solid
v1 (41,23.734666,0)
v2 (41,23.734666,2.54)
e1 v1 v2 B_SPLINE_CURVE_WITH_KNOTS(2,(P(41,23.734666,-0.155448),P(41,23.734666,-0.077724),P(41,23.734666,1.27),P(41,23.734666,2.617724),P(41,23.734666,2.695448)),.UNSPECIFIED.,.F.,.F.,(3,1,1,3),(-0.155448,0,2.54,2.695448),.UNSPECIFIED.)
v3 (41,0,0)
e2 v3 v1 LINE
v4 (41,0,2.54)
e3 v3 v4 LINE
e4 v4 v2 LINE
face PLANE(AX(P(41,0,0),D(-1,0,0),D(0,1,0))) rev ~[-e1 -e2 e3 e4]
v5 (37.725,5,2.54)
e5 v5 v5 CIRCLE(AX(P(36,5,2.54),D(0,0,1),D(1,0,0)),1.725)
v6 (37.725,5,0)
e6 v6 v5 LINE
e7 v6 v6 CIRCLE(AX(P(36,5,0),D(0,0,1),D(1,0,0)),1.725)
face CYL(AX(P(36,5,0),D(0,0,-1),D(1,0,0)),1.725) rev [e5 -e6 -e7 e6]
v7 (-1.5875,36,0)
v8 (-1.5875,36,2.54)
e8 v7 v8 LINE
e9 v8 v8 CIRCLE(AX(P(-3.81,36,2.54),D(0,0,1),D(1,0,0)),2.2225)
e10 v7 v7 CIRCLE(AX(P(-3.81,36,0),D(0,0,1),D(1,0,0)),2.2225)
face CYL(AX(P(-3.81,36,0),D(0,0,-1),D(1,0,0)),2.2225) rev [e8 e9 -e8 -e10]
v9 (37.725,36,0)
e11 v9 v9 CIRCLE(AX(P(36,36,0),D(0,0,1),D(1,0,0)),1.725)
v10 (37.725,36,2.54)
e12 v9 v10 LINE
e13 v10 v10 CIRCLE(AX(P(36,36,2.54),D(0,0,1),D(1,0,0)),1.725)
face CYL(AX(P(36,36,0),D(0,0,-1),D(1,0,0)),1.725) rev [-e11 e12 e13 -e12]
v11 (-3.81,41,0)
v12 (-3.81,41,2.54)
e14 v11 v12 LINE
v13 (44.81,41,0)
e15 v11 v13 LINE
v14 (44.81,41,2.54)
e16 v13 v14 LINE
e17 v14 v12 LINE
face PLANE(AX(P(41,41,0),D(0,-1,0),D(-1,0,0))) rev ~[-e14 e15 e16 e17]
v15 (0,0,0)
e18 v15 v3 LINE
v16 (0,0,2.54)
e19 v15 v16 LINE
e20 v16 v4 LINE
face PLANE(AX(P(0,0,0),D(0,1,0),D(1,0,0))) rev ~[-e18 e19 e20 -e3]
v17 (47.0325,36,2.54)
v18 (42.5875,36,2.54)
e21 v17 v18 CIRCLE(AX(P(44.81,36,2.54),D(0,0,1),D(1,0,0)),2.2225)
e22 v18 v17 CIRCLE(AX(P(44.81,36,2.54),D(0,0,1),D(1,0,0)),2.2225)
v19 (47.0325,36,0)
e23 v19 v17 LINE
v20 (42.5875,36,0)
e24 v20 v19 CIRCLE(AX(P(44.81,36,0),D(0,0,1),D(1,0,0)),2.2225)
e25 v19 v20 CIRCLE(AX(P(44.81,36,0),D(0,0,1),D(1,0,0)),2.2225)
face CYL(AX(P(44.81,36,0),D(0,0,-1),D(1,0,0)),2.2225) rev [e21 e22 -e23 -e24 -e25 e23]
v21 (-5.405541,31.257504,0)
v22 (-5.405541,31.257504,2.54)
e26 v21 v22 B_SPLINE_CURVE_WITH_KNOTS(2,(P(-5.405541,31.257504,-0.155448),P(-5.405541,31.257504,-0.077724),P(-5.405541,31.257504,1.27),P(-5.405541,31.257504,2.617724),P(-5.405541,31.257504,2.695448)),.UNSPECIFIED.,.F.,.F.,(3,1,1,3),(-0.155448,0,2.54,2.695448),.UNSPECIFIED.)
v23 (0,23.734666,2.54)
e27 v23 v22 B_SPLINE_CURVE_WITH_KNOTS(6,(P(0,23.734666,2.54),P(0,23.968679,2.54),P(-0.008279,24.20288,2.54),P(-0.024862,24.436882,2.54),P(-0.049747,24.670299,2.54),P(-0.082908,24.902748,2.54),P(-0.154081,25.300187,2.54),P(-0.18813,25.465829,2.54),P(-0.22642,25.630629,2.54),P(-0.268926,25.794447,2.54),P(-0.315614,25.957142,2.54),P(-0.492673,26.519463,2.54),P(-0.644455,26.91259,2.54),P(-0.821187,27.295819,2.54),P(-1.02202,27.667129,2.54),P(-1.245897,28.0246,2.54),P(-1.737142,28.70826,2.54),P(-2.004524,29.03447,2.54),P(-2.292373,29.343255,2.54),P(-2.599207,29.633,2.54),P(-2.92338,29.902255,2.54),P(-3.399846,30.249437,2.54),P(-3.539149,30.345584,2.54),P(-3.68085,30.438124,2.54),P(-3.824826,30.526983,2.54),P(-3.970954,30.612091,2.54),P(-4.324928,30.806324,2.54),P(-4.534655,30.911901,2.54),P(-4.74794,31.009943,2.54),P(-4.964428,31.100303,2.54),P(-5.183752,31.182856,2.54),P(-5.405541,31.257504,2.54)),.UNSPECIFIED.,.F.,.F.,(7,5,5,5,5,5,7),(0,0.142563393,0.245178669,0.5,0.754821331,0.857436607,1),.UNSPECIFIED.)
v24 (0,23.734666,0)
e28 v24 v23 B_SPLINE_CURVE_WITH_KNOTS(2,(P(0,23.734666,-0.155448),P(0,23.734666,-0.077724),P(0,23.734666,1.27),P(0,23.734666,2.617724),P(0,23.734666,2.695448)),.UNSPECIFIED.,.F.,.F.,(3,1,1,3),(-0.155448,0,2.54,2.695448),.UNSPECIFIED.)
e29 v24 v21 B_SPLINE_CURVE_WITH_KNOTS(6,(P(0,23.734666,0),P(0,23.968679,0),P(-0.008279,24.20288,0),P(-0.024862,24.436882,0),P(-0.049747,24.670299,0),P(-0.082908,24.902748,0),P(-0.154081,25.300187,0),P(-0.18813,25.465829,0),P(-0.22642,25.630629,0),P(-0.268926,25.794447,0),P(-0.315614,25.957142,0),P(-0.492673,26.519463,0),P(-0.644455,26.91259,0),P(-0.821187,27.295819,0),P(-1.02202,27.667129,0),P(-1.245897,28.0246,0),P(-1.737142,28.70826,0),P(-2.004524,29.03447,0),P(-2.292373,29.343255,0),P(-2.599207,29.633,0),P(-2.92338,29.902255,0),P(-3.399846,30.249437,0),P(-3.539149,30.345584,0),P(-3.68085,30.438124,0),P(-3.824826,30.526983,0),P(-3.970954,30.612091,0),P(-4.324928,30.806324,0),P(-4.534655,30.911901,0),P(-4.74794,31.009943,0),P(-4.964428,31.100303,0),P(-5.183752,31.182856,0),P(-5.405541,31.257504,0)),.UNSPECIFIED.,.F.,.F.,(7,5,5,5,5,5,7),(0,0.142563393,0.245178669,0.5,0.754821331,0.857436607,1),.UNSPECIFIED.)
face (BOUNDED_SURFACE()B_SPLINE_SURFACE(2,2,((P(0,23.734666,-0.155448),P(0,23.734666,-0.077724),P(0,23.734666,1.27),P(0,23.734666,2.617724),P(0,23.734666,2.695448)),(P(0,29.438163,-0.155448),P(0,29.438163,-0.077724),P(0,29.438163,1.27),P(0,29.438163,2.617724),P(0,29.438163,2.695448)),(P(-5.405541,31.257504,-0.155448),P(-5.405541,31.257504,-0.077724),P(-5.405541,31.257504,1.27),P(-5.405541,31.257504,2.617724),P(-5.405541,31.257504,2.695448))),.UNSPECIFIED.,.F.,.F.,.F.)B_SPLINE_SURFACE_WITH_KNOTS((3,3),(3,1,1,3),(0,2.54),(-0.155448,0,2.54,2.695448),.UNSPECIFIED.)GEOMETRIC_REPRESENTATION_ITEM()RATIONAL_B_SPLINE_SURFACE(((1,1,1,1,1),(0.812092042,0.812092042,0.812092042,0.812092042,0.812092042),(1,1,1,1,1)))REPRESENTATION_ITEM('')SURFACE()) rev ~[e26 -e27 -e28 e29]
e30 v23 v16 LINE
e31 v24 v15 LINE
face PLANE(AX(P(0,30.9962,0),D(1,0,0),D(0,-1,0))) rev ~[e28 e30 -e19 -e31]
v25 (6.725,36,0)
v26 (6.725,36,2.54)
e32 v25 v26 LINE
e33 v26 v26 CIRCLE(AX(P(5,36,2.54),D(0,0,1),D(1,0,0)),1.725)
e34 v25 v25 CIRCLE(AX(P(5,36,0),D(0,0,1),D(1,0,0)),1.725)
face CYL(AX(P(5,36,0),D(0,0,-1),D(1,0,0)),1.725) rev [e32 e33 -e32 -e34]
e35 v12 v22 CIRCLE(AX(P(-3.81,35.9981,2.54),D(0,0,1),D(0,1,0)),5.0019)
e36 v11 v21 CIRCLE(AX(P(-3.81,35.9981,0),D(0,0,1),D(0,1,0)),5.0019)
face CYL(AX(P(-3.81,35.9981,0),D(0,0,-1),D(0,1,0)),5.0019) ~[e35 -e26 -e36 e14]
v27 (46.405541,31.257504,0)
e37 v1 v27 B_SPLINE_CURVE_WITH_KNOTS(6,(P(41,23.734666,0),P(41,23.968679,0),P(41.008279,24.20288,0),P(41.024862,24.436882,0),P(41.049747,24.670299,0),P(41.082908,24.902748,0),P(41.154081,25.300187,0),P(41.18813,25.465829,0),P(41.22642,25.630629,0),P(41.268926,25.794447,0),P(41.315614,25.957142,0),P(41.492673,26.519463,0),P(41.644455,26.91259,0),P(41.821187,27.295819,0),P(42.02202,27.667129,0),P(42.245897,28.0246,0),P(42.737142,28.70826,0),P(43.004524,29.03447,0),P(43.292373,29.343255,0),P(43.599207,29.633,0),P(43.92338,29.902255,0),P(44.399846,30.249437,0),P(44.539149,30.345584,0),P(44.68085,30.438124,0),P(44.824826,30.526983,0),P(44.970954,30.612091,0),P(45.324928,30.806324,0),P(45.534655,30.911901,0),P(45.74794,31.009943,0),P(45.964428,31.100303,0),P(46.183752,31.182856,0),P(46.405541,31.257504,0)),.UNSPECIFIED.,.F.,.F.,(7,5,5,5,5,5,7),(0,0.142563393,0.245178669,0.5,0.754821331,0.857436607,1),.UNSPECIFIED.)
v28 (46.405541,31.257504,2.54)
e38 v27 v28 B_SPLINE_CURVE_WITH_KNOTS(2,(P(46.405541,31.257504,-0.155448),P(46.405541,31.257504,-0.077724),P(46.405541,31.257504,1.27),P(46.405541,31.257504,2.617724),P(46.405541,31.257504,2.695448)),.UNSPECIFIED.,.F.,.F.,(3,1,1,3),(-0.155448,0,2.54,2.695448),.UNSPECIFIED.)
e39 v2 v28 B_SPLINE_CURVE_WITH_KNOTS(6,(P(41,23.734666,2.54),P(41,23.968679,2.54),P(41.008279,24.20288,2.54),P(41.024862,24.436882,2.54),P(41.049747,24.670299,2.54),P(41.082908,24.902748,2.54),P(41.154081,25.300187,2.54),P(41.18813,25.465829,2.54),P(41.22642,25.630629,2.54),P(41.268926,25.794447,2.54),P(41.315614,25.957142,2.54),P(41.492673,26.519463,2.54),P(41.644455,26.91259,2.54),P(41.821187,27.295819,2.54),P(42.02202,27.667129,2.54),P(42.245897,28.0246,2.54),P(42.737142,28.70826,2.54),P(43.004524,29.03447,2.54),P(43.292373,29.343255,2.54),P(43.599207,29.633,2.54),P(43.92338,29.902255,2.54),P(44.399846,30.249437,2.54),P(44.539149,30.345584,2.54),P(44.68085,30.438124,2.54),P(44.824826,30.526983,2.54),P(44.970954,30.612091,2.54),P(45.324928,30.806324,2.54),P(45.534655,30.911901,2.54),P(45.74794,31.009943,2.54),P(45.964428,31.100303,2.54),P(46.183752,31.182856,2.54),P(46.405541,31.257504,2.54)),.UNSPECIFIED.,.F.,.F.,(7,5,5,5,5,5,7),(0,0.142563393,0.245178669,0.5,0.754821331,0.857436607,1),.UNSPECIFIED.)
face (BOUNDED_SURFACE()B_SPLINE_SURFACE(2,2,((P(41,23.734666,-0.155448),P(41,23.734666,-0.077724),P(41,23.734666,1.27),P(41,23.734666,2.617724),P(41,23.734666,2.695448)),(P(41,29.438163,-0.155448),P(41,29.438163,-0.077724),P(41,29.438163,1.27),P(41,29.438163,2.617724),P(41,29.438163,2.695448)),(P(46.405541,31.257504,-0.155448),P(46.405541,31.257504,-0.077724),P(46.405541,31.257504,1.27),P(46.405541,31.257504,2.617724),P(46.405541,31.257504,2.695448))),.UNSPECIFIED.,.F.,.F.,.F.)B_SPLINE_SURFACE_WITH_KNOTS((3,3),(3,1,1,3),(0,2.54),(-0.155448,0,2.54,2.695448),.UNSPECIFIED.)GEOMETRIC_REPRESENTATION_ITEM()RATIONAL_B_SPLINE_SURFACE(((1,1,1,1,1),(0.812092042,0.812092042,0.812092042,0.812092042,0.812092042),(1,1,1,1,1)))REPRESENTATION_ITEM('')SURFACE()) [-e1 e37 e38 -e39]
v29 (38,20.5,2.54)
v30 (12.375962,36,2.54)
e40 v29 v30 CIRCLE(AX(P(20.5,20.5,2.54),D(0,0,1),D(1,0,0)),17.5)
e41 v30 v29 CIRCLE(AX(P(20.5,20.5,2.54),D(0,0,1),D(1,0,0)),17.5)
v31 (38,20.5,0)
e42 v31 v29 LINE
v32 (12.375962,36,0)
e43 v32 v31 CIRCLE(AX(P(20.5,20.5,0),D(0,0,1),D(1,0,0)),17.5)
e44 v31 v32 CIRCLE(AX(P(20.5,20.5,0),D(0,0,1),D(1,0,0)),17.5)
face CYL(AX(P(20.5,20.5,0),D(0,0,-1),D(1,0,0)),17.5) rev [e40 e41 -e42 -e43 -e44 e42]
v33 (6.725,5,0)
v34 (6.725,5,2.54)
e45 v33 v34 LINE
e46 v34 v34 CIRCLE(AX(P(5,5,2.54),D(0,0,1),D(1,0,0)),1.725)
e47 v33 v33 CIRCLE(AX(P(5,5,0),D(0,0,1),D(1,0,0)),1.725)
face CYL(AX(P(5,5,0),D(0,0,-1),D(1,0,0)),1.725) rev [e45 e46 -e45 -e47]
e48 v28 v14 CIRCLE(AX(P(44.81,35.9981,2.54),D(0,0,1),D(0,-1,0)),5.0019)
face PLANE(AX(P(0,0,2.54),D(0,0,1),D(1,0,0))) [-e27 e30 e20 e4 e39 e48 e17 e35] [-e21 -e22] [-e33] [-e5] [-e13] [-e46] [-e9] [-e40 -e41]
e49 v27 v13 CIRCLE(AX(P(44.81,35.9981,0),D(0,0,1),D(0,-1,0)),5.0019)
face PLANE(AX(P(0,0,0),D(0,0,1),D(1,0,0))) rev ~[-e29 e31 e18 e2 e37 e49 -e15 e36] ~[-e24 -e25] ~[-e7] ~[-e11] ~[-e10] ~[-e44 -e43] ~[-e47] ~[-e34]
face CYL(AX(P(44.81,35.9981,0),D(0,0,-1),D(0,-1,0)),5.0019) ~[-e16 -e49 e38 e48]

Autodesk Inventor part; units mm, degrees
ref_plane "YZ Plane" through (0, 0, 0) normal (1, 0, 0) x (0, 1, 0)
ref_plane "XZ Plane" through (0, 0, 0) normal (0, 1, 0) x (-1, 0, 0)
ref_plane "XY Plane" through (0, 0, 0) normal (0, 0, 1) x (1, 0, 0)
sketch "Sketch1" plane through (0, 0, 0) normal (0, 0, 1) x (1, 0, 0)
  line L0 (0, 0) -> (41, 0)
  line L1 (41, 0) -> (41, 41)
  line L2 (41, 41) -> (0, 41)
  line L3 (0, 41) -> (0, 0)
  line L4 (20.5, 20.5) -> (20.5, 36)
  line L5 (20.5, 36) -> (5, 36)
  circle A0 centre (5, 36) radius 1.725
  circle A1 centre (36, 36) radius 1.725
  circle A2 centre (5, 5) radius 1.725
  circle A3 centre (36, 5) radius 1.725
  circle A4 centre (20.5, 20.5) radius 17.5
  line L6 (0, 36) -> (-3.81, 36)
  circle A5 centre (-3.81, 36) radius 2.2225
  line L7 (41, 36) -> (44.81, 36)
  circle A6 centre (44.81, 36) radius 2.2225
  line L8 (0, 41) -> (-3.81, 41)
  line L9 (0, 36) -> (0, 30.9962)
  line L10 (0, 30.9962) -> (-3.81, 30.9962)
  arc A7 (-3.81, 41) -> (-3.81, 30.9962) centre (-3.81, 35.9981) ccw
  line L11 (41, 41) -> (44.81, 41)
  line L12 (41, 36) -> (41, 30.9962)
  line L13 (41, 30.9962) -> (44.81, 30.9962)
  arc A8 (44.81, 30.9962) -> (44.81, 41) centre (44.81, 35.9981) ccw
  dimension "d0" = 41
  dimension "d1" = 41
  dimension "d2" = 15.5
  dimension "d3" = 15.5
  dimension "d4" = 3.45
  dimension "d7" = 31
  dimension "d10" = 31
  dimension "d13" = 35
  dimension "d14" = 3.81
  dimension "d15" = 4.445
  dimension "d16" = 3.81
  dimension "d17" = 4.445
  dimension "d18" = 5.0038
  dimension "d19" = 5.0038
extrude "Extrusion1" add sketch "Sketch1" along normal blind 2.54
fillet "Fillet1" radius 7.9375 2 edges at (0, 30.9962, 1.27) (41, 30.9962, 1.27)
properties part number "FanMount"
